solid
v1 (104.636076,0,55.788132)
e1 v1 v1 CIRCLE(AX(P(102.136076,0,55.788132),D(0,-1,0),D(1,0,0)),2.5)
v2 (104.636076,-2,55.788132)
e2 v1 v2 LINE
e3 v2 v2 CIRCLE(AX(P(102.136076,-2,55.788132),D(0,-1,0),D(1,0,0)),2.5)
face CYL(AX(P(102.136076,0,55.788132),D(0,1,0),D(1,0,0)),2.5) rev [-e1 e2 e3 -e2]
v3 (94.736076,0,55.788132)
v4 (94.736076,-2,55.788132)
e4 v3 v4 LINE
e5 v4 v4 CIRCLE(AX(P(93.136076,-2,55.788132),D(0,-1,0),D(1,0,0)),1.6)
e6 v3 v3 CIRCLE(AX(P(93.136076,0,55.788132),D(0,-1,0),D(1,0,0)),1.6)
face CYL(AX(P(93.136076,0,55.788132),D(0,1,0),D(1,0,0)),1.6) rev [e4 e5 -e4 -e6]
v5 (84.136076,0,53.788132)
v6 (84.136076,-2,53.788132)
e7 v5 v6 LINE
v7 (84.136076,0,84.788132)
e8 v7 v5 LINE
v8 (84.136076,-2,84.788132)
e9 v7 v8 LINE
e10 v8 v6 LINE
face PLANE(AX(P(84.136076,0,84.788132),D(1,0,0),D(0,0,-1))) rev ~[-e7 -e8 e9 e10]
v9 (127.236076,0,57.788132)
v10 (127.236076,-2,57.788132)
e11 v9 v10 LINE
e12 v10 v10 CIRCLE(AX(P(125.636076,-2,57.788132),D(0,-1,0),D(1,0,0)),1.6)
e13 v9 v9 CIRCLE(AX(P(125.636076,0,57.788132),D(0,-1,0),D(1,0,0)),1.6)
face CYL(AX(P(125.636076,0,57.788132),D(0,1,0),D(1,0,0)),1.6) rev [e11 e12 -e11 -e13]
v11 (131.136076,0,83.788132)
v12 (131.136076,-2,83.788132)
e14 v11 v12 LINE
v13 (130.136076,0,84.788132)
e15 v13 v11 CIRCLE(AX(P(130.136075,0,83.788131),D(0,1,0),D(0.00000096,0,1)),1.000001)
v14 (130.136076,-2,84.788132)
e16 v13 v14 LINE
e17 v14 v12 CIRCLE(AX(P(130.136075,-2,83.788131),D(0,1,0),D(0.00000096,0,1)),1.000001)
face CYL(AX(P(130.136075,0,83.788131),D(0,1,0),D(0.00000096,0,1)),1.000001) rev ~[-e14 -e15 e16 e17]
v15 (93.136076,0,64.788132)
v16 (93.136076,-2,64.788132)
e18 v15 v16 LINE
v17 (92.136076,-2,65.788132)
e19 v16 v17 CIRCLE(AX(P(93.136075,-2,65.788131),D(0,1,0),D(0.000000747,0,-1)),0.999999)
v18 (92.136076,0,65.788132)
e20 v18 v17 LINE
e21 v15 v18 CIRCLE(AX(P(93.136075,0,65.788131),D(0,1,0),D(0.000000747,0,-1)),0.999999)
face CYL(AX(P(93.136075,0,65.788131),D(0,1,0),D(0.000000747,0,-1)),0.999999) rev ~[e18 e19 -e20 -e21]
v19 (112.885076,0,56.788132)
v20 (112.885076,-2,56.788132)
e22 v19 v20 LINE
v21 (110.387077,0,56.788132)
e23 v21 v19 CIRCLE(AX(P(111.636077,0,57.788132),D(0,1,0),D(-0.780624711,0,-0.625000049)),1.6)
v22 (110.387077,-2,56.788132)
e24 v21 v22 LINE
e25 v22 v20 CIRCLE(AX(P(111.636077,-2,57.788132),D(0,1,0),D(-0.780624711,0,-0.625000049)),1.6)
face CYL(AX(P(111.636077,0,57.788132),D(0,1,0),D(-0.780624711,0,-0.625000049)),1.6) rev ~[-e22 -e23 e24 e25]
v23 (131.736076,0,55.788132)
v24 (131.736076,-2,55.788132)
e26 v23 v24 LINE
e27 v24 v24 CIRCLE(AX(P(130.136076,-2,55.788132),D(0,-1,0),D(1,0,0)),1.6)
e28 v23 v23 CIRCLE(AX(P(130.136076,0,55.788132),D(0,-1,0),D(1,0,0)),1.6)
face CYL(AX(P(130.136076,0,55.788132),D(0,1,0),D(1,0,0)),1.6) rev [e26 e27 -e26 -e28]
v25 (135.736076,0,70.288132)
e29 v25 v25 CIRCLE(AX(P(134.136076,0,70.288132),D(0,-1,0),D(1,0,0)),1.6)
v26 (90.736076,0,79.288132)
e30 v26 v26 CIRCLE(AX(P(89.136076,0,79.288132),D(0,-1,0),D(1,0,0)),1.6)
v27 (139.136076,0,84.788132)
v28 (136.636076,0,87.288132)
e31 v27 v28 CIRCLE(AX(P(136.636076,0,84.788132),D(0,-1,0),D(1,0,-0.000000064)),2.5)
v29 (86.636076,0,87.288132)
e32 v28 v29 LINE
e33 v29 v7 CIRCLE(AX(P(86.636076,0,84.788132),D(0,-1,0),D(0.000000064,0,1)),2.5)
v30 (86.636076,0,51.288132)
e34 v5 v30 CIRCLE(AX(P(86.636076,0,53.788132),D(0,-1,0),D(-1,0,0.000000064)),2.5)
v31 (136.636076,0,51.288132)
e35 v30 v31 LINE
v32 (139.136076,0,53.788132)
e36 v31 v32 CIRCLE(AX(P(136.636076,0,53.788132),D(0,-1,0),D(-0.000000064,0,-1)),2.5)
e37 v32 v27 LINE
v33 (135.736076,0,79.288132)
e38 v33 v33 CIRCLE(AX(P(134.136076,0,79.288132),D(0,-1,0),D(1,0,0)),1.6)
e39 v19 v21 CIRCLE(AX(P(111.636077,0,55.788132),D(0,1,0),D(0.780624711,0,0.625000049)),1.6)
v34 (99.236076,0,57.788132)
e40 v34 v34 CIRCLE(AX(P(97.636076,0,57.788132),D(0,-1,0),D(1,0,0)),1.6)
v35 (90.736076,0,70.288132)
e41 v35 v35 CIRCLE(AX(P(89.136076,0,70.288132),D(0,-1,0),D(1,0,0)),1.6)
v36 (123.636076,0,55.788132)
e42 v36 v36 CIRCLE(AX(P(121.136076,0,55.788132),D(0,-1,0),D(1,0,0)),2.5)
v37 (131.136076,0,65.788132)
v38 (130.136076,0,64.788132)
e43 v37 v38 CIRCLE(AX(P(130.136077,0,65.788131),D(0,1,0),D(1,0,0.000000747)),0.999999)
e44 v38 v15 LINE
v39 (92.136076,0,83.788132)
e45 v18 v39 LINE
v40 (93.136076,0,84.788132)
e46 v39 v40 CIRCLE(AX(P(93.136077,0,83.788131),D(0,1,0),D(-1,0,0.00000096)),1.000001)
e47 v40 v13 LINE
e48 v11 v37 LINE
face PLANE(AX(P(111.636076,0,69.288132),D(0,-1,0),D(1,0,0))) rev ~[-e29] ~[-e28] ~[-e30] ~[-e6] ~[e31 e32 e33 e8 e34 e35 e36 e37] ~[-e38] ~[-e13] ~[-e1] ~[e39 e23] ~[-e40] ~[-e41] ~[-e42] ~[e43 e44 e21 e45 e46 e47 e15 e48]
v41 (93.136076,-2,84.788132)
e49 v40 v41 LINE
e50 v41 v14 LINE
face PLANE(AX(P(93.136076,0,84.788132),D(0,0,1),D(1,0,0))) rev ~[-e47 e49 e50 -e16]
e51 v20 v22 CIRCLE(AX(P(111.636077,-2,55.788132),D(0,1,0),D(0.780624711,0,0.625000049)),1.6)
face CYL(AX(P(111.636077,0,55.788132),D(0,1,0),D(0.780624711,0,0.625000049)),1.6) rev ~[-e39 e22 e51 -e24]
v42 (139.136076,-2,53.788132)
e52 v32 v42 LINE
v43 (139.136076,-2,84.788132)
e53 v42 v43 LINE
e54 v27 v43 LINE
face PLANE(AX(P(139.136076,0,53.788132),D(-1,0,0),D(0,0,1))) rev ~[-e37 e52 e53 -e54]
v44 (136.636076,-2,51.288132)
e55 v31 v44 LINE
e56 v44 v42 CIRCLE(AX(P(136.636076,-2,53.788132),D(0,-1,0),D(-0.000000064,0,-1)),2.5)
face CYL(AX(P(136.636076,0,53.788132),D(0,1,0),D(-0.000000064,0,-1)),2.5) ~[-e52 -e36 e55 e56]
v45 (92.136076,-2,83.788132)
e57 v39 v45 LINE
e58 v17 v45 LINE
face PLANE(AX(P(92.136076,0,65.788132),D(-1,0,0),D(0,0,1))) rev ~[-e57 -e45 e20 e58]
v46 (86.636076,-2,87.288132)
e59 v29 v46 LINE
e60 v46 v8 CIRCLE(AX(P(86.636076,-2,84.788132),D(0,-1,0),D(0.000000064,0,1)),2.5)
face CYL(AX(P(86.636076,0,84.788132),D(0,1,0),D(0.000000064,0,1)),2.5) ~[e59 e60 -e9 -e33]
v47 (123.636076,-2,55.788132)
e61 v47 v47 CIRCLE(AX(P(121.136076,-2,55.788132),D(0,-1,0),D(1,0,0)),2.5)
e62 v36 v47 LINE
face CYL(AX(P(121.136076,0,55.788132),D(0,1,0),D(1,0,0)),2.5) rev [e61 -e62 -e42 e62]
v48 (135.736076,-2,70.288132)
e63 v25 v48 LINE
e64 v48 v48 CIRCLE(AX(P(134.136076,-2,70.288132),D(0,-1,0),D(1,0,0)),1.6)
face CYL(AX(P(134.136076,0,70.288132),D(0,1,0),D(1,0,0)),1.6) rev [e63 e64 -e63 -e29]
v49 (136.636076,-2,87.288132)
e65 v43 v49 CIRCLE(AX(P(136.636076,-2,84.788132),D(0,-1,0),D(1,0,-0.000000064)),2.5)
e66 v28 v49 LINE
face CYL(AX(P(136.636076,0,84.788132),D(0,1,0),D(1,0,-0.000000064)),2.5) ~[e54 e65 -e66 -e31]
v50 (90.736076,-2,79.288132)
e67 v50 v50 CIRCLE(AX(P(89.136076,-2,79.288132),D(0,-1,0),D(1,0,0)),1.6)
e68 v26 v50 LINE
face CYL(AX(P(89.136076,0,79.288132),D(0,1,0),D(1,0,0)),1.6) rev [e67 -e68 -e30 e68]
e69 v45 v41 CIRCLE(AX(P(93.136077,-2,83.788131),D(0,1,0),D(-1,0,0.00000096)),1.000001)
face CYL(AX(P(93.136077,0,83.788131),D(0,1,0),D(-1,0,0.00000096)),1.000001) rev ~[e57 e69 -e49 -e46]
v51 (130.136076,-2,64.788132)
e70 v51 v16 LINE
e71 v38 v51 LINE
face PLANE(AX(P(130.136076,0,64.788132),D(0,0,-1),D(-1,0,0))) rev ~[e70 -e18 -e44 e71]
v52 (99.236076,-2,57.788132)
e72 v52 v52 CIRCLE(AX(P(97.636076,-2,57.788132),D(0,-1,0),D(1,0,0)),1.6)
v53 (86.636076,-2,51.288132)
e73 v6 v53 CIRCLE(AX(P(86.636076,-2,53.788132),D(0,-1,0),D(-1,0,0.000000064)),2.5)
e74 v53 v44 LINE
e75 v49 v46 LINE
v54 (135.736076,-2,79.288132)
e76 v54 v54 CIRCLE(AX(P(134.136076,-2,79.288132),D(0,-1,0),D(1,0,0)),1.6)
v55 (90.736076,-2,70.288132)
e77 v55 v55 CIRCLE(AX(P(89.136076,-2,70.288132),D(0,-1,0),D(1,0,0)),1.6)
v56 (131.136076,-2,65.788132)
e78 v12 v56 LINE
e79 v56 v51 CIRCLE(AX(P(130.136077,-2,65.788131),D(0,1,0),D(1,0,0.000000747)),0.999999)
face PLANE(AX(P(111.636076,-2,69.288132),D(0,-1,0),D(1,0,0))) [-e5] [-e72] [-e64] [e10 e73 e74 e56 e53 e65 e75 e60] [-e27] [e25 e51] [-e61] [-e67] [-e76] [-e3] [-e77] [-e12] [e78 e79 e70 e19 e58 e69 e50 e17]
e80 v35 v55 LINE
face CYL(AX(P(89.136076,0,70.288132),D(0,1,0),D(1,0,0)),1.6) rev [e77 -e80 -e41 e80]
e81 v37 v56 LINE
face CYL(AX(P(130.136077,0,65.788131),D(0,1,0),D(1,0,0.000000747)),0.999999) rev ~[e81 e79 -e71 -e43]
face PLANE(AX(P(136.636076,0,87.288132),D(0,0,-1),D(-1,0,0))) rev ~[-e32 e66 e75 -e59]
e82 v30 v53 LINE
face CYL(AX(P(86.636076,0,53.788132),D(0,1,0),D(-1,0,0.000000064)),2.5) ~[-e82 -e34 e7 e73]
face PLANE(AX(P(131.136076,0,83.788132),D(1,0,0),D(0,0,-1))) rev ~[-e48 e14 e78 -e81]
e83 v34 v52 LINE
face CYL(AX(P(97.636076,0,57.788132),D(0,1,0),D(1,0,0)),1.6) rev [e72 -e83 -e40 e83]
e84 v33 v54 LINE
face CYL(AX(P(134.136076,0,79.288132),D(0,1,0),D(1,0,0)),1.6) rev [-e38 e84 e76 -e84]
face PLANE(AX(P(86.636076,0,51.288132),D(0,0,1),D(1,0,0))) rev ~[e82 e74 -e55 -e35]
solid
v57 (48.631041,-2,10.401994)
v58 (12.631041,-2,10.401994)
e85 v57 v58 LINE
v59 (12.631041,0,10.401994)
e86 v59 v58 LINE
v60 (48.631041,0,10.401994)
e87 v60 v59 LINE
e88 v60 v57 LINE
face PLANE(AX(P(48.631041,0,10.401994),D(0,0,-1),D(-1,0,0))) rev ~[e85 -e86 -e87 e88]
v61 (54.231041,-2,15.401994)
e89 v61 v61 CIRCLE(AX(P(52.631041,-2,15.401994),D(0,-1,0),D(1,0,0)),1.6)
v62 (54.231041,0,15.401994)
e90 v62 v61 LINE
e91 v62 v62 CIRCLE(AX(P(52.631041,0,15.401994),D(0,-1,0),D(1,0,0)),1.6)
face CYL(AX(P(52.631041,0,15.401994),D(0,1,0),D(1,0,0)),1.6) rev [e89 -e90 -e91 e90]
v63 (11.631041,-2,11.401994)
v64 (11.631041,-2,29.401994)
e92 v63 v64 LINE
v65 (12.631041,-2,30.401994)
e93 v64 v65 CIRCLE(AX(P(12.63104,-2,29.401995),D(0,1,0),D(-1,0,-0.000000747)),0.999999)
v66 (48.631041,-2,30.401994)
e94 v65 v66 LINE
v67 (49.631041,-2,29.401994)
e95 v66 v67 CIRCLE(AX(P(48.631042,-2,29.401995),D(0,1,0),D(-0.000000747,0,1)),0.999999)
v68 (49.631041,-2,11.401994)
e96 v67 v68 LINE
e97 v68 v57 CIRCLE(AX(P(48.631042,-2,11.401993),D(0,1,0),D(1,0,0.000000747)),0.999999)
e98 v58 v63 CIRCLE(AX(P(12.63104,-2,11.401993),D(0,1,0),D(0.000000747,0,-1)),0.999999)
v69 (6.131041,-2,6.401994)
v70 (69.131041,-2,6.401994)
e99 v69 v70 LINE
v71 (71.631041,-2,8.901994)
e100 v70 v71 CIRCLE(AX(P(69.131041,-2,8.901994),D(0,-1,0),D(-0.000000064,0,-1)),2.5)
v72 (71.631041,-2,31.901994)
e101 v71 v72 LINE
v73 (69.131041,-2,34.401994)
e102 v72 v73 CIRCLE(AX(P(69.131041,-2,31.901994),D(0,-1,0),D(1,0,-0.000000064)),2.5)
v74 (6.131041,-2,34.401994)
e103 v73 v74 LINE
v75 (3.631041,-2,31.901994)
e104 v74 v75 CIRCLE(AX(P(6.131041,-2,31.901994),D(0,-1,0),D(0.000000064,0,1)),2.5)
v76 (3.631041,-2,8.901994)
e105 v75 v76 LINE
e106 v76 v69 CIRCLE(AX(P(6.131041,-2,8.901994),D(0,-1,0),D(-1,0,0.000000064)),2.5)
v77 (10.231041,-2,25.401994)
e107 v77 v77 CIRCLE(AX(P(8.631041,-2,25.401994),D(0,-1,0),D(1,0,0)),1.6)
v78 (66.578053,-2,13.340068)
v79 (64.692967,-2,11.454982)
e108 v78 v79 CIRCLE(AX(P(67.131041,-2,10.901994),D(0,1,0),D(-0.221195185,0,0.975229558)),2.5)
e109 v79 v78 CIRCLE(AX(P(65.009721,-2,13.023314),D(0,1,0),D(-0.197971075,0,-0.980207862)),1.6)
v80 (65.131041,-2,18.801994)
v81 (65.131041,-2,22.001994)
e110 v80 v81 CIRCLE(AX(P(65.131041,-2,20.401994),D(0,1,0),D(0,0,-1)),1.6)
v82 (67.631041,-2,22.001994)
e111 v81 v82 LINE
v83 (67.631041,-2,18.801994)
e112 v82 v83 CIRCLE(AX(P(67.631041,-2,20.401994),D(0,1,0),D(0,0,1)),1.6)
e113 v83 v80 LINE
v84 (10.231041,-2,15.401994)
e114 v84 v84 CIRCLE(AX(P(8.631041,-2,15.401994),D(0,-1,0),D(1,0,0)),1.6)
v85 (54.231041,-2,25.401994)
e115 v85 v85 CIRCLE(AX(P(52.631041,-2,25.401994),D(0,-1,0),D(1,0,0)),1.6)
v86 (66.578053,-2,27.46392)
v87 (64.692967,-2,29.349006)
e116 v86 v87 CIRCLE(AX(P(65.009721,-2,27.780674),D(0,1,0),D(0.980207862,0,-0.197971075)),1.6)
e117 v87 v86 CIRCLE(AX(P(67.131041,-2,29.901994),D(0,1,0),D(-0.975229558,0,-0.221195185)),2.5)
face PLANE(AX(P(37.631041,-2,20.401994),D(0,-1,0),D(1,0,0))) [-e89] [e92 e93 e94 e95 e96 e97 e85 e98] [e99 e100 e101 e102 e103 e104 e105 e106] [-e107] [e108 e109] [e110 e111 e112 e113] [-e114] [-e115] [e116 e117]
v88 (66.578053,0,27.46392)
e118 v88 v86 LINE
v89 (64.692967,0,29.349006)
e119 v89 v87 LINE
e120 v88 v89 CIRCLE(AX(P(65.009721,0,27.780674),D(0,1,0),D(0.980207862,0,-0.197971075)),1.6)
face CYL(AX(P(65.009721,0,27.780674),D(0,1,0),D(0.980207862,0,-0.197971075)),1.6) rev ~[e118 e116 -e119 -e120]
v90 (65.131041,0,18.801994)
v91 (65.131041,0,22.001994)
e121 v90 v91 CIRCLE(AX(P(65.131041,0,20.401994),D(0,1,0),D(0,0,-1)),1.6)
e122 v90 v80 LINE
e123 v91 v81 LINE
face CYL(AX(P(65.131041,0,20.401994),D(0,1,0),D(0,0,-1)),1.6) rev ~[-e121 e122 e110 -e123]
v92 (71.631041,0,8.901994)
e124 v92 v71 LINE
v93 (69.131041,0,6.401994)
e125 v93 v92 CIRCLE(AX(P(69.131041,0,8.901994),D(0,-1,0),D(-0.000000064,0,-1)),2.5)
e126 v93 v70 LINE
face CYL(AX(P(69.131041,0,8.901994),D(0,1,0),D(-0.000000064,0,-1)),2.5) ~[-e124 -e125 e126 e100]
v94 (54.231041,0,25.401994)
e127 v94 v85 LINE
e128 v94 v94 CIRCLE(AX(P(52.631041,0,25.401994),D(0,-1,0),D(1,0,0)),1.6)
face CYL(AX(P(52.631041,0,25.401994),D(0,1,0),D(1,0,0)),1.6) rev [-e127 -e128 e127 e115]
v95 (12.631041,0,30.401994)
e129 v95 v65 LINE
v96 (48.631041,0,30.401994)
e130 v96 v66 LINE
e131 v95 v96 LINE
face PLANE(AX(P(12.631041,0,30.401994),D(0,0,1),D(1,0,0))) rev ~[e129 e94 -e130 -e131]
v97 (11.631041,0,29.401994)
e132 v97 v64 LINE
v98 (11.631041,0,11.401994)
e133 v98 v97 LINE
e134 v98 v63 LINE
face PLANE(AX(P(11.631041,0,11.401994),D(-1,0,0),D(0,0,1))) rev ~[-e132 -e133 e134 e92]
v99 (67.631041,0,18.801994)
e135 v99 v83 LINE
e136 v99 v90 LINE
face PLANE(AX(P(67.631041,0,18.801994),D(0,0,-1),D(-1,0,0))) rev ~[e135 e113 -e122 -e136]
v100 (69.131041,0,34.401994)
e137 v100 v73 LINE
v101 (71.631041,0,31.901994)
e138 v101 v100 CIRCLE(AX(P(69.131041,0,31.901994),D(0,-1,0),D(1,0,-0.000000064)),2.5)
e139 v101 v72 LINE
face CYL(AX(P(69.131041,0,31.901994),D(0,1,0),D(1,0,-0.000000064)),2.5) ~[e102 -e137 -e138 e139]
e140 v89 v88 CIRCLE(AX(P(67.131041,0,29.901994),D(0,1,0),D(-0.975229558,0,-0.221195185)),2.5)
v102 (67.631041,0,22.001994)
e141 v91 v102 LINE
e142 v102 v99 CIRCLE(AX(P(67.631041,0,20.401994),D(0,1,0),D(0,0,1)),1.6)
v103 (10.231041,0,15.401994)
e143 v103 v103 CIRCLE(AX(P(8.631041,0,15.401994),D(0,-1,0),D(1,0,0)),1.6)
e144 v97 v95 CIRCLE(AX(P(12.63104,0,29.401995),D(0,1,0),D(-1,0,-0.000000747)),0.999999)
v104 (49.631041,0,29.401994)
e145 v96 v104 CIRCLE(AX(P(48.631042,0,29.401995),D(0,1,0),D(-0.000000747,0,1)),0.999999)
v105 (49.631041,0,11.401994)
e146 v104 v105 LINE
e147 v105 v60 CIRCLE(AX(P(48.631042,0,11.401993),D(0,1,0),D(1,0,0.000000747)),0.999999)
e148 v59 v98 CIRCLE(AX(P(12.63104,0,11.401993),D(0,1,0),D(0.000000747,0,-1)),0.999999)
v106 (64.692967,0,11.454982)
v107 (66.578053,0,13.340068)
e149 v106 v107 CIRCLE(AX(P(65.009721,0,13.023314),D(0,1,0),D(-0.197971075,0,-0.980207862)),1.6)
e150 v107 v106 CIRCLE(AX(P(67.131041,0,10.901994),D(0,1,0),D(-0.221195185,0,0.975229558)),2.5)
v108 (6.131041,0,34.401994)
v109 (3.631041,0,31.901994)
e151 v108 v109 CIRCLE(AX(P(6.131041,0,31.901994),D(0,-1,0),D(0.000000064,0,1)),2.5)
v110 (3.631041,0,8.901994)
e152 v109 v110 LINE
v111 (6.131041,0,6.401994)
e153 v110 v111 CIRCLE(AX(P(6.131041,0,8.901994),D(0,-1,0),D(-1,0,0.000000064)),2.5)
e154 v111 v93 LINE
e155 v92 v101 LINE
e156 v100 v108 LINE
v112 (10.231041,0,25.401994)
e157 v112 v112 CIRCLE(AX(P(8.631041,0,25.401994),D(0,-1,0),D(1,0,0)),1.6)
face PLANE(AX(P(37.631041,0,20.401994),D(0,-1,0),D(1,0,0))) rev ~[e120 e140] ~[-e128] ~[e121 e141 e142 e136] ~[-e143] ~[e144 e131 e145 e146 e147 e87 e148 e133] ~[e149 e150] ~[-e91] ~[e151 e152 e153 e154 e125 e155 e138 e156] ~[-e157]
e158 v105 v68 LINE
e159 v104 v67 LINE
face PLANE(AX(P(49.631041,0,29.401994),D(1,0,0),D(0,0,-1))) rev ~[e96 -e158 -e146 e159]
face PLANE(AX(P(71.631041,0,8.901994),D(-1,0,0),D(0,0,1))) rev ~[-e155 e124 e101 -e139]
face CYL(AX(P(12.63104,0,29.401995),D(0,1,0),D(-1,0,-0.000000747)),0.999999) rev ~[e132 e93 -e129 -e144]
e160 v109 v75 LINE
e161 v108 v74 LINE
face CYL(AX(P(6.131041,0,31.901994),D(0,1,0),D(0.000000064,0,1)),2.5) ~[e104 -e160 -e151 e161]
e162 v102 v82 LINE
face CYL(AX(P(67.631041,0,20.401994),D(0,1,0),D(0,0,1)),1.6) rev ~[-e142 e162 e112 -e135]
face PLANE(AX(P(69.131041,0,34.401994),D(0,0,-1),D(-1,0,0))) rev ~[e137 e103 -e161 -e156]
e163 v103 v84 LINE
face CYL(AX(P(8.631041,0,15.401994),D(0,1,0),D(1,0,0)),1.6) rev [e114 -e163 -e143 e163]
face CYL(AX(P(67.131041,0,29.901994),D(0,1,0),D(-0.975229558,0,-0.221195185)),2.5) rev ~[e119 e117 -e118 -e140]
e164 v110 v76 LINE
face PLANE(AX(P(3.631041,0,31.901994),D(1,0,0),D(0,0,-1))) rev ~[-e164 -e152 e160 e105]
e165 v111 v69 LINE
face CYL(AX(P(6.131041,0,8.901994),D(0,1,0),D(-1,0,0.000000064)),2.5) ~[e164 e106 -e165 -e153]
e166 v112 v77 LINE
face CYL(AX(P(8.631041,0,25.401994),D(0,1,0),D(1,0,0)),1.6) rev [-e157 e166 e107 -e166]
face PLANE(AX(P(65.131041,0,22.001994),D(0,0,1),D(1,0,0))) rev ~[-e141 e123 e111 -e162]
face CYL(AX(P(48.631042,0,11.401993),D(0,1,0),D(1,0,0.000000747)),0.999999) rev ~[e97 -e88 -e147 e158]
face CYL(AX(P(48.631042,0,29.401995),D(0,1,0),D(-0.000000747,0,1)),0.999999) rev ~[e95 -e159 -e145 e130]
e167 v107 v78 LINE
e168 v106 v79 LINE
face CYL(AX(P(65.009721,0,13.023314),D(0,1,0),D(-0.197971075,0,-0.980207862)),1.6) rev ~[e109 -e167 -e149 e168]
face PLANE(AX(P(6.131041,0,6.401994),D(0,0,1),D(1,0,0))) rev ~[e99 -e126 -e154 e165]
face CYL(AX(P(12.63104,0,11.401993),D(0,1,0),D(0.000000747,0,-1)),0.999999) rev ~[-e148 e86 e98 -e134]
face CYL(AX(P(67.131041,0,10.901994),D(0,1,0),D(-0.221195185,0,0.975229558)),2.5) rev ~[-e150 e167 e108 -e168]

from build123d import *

# Parameters (mm, degrees)
F0_R     = 1.6
F0_R_2   = 2.5
F1_DEPTH = 2
F2_DEPTH = 2


with BuildPart() as f1:
    # F0 (on Front) → F1 (new body)
    with BuildSketch(Plane.XZ):
        with BuildLine():
            Line((136.636076, 87.288132), (86.636076, 87.288132))
            ThreePointArc((86.636076, 87.288132), (84.868309, 86.555899), (84.136076, 84.788132))
            Line((84.136076, 84.788132), (84.136076, 53.788132))
            ThreePointArc((84.136076, 53.788132), (84.868309, 52.020365), (86.636076, 51.288132))
            Line((86.636076, 51.288132), (136.636076, 51.288132))
            ThreePointArc((136.636076, 51.288132), (138.403843, 52.020365), (139.136076, 53.788132))
            Line((139.136076, 53.788132), (139.136076, 84.788132))
            ThreePointArc((139.136076, 84.788132), (138.403843, 86.555899), (136.636076, 87.288132))
        make_face()
        with Locations((93.136076, 55.788132)):
            Circle(F0_R, mode=Mode.SUBTRACT)
        with Locations((102.136076, 55.788132)):
            Circle(F0_R_2, mode=Mode.SUBTRACT)
        with Locations((97.636076, 57.788132)):
            Circle(F0_R, mode=Mode.SUBTRACT)
        with BuildLine():
            ThreePointArc((110.387077, 56.788132), (111.636076, 59.388132), (112.885076, 56.788132))
            ThreePointArc((112.885076, 56.788132), (111.636076, 54.188132), (110.387077, 56.788132))
        make_face(mode=Mode.SUBTRACT)
        with Locations((121.136076, 55.788132)):
            Circle(F0_R_2, mode=Mode.SUBTRACT)
        with Locations((130.136076, 55.788132)):
            Circle(F0_R, mode=Mode.SUBTRACT)
        with Locations((125.636076, 57.788132)):
            Circle(F0_R, mode=Mode.SUBTRACT)
        with Locations((89.136076, 70.288132)):
            Circle(F0_R, mode=Mode.SUBTRACT)
        with Locations((89.136076, 79.288132)):
            Circle(F0_R, mode=Mode.SUBTRACT)
        with BuildLine():
            Line((93.136076, 84.788132), (130.136076, 84.788132))
            ThreePointArc((130.136076, 84.788132), (130.843183, 84.495238), (131.136076, 83.788132))
            Line((131.136076, 83.788132), (131.136076, 65.788132))
            ThreePointArc((131.136076, 65.788132), (130.843183, 65.081025), (130.136076, 64.788132))
            Line((130.136076, 64.788132), (93.136076, 64.788132))
            ThreePointArc((93.136076, 64.788132), (92.428969, 65.081025), (92.136076, 65.788132))
            Line((92.136076, 65.788132), (92.136076, 83.788132))
            ThreePointArc((92.136076, 83.788132), (92.428969, 84.495238), (93.136076, 84.788132))
        make_face(mode=Mode.SUBTRACT)
        with Locations((134.136076, 70.288132)):
            Circle(F0_R, mode=Mode.SUBTRACT)
        with Locations((134.136076, 79.288132)):
            Circle(F0_R, mode=Mode.SUBTRACT)
    extrude(amount=F1_DEPTH)


with BuildPart() as f2:
    # F0 (on Front) → F2 (new body)
    with BuildSketch(Plane.XZ):
        with BuildLine():
            Line((69.131041, 34.401994), (6.131041, 34.401994))
            ThreePointArc((6.131041, 34.401994), (4.363274, 33.669761), (3.631041, 31.901994))
            Line((3.631041, 31.901994), (3.631041, 8.901994))
            ThreePointArc((3.631041, 8.901994), (4.363274, 7.134227), (6.131041, 6.401994))
            Line((6.131041, 6.401994), (69.131041, 6.401994))
            ThreePointArc((69.131041, 6.401994), (70.898808, 7.134227), (71.631041, 8.901994))
            Line((71.631041, 8.901994), (71.631041, 31.901994))
            ThreePointArc((71.631041, 31.901994), (70.898808, 33.669761), (69.131041, 34.401994))
        make_face()
        with Locations((8.631041, 15.401994)):
            Circle(F0_R, mode=Mode.SUBTRACT)
        with Locations((8.631041, 25.401994)):
            Circle(F0_R, mode=Mode.SUBTRACT)
        with BuildLine():
            Line((12.631041, 30.401994), (48.631041, 30.401994))
            ThreePointArc((48.631041, 30.401994), (49.338148, 30.109101), (49.631041, 29.401994))
            Line((49.631041, 29.401994), (49.631041, 11.401994))
            ThreePointArc((49.631041, 11.401994), (49.338148, 10.694887), (48.631041, 10.401994))
            Line((48.631041, 10.401994), (12.631041, 10.401994))
            ThreePointArc((12.631041, 10.401994), (11.923934, 10.694887), (11.631041, 11.401994))
            Line((11.631041, 11.401994), (11.631041, 29.401994))
            ThreePointArc((11.631041, 29.401994), (11.923934, 30.109101), (12.631041, 30.401994))
        make_face(mode=Mode.SUBTRACT)
        with Locations((52.631041, 15.401994)):
            Circle(F0_R, mode=Mode.SUBTRACT)
        with BuildLine():
            ThreePointArc((66.578053, 13.340068), (68.898808, 9.134227), (64.692967, 11.454982))
            ThreePointArc((64.692967, 11.454982), (63.87835, 14.154685), (66.578053, 13.340068))
        make_face(mode=Mode.SUBTRACT)
        with Locations((52.631041, 25.401994)):
            Circle(F0_R, mode=Mode.SUBTRACT)
        with BuildLine():
            ThreePointArc((65.131041, 18.801994), (63.531041, 20.401994), (65.131041, 22.001994))
            Line((65.131041, 22.001994), (67.631041, 22.001994))
            ThreePointArc((67.631041, 22.001994), (69.231041, 20.401994), (67.631041, 18.801994))
            Line((67.631041, 18.801994), (65.131041, 18.801994))
        make_face(mode=Mode.SUBTRACT)
        with BuildLine():
            ThreePointArc((64.692967, 29.349006), (68.898808, 31.669761), (66.578053, 27.46392))
            ThreePointArc((66.578053, 27.46392), (63.87835, 26.649303), (64.692967, 29.349006))
        make_face(mode=Mode.SUBTRACT)
    extrude(amount=F2_DEPTH)


solid = Compound([f1.part, f2.part])
